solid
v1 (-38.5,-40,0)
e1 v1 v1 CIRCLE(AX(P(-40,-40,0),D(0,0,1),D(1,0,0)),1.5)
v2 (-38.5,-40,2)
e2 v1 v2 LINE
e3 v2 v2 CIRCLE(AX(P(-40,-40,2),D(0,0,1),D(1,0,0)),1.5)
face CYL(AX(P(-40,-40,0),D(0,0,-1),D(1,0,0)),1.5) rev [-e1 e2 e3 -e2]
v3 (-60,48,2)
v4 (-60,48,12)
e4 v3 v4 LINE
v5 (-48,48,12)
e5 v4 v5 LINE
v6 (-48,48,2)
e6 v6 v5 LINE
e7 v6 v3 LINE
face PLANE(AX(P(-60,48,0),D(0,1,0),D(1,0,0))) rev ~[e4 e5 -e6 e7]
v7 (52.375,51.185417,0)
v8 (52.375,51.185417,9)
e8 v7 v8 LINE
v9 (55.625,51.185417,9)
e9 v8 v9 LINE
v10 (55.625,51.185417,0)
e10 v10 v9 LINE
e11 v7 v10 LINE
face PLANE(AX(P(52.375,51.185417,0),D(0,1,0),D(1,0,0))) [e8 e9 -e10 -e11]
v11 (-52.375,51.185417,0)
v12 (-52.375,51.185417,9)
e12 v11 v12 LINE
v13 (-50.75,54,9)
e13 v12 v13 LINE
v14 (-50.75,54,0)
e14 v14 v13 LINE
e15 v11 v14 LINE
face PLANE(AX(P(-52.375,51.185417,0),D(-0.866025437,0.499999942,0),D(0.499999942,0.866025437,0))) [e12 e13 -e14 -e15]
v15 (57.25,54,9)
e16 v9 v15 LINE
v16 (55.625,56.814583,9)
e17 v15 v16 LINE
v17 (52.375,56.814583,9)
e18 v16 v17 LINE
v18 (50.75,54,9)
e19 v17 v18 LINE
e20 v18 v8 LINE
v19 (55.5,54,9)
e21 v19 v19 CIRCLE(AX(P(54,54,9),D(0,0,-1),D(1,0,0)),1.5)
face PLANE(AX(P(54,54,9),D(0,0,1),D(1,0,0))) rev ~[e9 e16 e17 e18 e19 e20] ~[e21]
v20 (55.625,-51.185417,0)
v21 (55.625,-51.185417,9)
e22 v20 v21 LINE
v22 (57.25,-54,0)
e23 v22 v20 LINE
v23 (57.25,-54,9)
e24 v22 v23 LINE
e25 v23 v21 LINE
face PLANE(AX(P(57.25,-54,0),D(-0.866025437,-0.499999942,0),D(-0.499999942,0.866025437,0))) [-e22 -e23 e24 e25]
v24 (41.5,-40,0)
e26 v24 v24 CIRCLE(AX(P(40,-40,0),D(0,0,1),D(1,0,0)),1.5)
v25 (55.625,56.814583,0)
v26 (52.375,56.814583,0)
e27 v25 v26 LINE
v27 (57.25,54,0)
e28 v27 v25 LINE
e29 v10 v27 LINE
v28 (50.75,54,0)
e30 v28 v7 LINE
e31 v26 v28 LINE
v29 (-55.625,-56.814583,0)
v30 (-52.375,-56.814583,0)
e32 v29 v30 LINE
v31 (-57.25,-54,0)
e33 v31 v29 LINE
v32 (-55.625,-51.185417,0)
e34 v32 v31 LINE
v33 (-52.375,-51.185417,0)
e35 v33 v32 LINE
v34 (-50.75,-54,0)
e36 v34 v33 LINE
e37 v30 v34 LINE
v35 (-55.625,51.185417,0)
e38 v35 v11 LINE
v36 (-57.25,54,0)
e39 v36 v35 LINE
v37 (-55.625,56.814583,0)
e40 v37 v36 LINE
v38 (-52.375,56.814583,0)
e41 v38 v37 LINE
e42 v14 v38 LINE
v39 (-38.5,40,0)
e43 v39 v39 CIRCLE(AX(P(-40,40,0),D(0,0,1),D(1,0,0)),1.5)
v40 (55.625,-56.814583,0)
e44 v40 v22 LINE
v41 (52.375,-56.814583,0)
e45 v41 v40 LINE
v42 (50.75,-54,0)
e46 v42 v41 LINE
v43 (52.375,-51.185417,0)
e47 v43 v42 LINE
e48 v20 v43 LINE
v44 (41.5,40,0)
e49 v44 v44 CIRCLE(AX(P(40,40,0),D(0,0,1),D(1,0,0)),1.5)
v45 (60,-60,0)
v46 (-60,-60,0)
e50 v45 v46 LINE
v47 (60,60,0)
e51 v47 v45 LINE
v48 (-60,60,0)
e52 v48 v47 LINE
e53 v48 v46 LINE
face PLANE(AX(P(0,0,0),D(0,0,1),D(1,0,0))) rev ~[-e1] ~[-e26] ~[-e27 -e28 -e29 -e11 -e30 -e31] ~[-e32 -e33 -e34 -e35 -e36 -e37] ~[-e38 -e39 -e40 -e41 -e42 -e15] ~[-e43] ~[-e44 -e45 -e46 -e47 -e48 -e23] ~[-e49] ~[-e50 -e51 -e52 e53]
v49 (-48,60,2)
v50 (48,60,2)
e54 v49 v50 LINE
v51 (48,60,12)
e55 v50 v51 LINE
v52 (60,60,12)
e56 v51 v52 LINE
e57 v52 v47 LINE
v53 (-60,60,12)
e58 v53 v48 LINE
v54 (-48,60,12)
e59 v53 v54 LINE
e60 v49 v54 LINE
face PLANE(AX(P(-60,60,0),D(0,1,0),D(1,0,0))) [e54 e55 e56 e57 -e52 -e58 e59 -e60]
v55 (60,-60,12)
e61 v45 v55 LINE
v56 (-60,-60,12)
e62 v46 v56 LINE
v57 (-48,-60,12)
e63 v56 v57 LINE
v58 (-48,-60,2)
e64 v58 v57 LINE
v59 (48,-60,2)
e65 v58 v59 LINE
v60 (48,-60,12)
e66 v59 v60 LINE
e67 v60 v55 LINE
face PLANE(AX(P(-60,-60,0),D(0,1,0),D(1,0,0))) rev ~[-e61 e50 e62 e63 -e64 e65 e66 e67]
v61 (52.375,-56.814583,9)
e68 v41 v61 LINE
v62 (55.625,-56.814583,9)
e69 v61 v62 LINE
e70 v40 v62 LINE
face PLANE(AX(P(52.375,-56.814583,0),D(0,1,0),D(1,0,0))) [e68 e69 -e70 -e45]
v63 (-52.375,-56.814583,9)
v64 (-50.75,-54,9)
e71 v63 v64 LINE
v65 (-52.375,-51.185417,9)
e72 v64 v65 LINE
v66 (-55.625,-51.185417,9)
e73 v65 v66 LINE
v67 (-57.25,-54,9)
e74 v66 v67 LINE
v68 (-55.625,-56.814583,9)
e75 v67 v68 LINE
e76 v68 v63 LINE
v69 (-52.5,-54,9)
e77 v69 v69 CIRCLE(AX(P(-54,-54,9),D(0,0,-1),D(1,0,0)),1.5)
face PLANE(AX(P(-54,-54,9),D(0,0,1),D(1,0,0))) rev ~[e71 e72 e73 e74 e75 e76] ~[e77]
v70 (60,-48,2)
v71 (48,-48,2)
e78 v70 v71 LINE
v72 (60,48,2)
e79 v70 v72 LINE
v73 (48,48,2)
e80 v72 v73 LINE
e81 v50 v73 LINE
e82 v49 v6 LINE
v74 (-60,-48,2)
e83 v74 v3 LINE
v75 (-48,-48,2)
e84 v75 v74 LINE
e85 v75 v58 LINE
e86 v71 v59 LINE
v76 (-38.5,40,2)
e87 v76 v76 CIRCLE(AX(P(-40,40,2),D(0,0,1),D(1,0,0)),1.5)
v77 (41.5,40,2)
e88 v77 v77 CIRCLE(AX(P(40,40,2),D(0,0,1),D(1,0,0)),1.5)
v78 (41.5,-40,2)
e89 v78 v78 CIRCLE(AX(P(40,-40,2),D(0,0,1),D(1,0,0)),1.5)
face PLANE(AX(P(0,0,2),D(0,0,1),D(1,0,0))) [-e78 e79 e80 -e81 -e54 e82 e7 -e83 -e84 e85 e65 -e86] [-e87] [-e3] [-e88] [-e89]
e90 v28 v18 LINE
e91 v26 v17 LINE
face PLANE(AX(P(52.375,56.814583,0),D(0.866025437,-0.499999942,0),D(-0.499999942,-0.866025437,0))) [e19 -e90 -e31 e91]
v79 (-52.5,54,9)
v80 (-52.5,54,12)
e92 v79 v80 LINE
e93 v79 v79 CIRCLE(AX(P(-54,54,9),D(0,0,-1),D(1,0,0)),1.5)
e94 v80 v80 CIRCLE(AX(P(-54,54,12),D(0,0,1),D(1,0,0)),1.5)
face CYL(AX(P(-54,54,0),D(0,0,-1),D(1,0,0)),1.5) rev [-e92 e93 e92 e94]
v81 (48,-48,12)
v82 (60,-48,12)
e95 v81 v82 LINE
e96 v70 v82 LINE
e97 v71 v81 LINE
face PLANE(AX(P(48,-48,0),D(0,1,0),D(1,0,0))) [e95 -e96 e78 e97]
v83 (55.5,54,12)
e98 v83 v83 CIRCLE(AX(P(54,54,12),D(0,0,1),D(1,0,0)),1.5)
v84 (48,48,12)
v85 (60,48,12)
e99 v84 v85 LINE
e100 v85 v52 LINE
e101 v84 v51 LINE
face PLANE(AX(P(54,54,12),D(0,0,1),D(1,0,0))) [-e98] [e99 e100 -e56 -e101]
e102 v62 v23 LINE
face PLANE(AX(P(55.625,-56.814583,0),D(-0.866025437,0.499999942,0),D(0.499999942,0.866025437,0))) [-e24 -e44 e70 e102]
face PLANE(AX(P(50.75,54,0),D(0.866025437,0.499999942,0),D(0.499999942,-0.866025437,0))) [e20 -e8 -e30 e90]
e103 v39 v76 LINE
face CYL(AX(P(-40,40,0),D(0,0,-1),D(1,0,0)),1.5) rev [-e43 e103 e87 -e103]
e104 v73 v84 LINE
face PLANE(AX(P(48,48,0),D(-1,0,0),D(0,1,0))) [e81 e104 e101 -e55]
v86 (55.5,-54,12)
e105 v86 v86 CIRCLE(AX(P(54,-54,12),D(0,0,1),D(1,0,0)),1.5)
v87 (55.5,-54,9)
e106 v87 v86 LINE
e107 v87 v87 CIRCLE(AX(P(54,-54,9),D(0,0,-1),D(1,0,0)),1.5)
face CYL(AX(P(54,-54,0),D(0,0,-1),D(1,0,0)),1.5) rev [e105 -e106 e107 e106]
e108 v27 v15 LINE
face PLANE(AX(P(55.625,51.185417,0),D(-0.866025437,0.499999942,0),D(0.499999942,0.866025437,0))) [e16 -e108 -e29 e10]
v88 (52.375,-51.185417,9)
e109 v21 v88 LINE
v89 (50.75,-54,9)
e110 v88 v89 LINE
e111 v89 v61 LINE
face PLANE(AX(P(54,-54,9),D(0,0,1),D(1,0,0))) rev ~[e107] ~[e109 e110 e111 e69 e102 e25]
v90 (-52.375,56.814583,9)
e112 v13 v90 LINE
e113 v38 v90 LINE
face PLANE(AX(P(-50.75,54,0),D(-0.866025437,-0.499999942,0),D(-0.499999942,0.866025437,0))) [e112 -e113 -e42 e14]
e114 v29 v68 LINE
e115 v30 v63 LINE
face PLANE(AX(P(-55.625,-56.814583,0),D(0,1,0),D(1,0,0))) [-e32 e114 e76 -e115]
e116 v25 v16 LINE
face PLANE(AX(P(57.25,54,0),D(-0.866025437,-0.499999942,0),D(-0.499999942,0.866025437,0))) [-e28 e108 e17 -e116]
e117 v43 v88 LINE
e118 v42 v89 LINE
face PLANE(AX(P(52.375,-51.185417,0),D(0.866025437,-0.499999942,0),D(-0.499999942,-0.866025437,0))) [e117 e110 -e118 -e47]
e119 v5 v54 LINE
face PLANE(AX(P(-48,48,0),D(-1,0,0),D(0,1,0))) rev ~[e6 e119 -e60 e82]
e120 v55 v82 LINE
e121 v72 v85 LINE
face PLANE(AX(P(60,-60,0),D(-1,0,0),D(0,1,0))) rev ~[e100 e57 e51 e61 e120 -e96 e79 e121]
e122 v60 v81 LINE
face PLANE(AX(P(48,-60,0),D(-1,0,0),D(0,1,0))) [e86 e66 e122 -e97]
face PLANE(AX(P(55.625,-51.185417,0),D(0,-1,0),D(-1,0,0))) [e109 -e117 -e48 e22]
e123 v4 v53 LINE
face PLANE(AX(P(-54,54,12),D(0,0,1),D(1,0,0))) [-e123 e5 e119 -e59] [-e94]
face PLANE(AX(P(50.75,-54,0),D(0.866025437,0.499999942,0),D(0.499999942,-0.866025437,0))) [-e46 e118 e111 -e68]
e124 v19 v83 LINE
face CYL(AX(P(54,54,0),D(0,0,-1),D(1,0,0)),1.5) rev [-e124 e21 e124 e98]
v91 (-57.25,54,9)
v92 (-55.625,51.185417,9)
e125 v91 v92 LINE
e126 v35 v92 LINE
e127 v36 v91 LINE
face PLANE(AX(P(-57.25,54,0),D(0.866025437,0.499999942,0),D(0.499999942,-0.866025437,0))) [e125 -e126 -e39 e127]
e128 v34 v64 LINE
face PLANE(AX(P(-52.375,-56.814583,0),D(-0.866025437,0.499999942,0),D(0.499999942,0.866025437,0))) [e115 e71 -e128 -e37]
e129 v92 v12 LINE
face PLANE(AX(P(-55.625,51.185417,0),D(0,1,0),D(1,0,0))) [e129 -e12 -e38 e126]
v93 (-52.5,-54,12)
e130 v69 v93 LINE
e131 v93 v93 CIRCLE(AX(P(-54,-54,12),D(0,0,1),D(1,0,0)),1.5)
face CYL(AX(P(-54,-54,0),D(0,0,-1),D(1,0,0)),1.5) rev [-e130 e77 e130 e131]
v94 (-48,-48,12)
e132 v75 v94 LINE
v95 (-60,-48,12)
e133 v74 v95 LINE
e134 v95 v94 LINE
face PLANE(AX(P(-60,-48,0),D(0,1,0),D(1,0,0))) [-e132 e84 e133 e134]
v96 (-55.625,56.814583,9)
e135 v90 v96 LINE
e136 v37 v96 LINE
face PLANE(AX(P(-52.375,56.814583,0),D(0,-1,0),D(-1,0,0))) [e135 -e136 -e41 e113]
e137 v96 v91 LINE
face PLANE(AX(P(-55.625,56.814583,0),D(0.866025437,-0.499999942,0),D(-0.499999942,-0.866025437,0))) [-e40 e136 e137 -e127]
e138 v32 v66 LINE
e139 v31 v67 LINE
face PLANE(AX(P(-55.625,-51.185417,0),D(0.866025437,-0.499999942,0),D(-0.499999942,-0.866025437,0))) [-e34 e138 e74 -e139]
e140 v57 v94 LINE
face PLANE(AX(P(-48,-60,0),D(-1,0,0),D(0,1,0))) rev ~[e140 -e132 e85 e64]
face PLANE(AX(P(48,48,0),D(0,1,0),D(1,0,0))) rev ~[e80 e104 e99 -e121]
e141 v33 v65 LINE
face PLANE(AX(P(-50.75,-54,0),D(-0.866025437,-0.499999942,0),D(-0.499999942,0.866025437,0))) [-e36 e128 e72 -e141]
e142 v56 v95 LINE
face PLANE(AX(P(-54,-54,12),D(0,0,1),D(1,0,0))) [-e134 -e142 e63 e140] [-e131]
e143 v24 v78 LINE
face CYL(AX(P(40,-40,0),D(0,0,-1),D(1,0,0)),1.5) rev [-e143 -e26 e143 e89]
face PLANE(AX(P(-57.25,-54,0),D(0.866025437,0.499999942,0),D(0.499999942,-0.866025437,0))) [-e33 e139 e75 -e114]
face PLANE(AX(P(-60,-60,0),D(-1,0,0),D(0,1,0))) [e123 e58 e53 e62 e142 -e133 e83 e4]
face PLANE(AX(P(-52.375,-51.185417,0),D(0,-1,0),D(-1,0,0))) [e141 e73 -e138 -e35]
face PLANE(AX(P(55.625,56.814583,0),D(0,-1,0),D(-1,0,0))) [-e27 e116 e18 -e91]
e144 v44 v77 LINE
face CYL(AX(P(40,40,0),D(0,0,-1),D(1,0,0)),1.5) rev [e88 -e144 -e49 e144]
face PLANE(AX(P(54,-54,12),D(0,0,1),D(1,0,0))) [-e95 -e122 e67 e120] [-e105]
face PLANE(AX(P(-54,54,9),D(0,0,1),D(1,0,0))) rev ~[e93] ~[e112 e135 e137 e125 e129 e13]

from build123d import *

# Parameters (mm, degrees)
SKETCH_W     = 120
SKETCH_H     = 120
SKETCH_R     = 1.5
PAD_DEPTH    = 2
SKETCH002_W  = 12
SKETCH002_H  = 12
SKETCH002_R  = 1.5
PAD001_DEPTH = 12
POCKET_DEPTH = 9


with BuildPart() as part:
    # Sketch → Pad (new body)
    with BuildSketch(Plane.XY):
        Rectangle(SKETCH_W, SKETCH_H)
        with Locations((-40, 40)):
            Circle(SKETCH_R, mode=Mode.SUBTRACT)
        with Locations((40, 40)):
            Circle(SKETCH_R, mode=Mode.SUBTRACT)
        with Locations((40, -40)):
            Circle(SKETCH_R, mode=Mode.SUBTRACT)
        with Locations((-40, -40)):
            Circle(SKETCH_R, mode=Mode.SUBTRACT)
        with Locations((-54, 54)):
            Circle(SKETCH_R, mode=Mode.SUBTRACT)
        with Locations((54, 54)):
            Circle(SKETCH_R, mode=Mode.SUBTRACT)
        with Locations((54, -54)):
            Circle(SKETCH_R, mode=Mode.SUBTRACT)
        with Locations((-54, -54)):
            Circle(SKETCH_R, mode=Mode.SUBTRACT)
    extrude(amount=PAD_DEPTH)

    # Sketch002 → Pad001 (join)
    with BuildSketch(Plane.XY):
        with Locations((-54, -54)):
            Rectangle(SKETCH002_W, SKETCH002_H)
        with Locations((-54, -54)):
            Circle(SKETCH002_R, mode=Mode.SUBTRACT)
        with Locations((54, -54)):
            Rectangle(SKETCH002_W, SKETCH002_H)
        with Locations((54, -54)):
            Circle(SKETCH002_R, mode=Mode.SUBTRACT)
        with Locations((54, 54)):
            Rectangle(SKETCH002_W, SKETCH002_H)
        with Locations((54, 54)):
            Circle(SKETCH002_R, mode=Mode.SUBTRACT)
        with Locations((-54, 54)):
            Rectangle(SKETCH002_W, SKETCH002_H)
        with Locations((-54, 54)):
            Circle(SKETCH002_R, mode=Mode.SUBTRACT)
    extrude(amount=PAD001_DEPTH)

    # Sketch001 → Pocket (cut)
    with BuildSketch(Plane.XY):
        Polygon((-52.375, 51.185417), (-50.75, 54), (-52.375, 56.814583), (-55.625, 56.814583), (-57.25, 54), (-55.625, 51.185417), align=None)
        Polygon((57.25, 54), (55.625, 56.814583), (52.375, 56.814583), (50.75, 54), (52.375, 51.185417), (55.625, 51.185417), align=None)
        Polygon((-50.75, -54), (-52.375, -51.185417), (-55.625, -51.185417), (-57.25, -54), (-55.625, -56.814583), (-52.375, -56.814583), align=None)
        Polygon((57.25, -54), (55.625, -51.185417), (52.375, -51.185417), (50.75, -54), (52.375, -56.814583), (55.625, -56.814583), align=None)
    extrude(amount=POCKET_DEPTH, mode=Mode.SUBTRACT)


solid = part.part
